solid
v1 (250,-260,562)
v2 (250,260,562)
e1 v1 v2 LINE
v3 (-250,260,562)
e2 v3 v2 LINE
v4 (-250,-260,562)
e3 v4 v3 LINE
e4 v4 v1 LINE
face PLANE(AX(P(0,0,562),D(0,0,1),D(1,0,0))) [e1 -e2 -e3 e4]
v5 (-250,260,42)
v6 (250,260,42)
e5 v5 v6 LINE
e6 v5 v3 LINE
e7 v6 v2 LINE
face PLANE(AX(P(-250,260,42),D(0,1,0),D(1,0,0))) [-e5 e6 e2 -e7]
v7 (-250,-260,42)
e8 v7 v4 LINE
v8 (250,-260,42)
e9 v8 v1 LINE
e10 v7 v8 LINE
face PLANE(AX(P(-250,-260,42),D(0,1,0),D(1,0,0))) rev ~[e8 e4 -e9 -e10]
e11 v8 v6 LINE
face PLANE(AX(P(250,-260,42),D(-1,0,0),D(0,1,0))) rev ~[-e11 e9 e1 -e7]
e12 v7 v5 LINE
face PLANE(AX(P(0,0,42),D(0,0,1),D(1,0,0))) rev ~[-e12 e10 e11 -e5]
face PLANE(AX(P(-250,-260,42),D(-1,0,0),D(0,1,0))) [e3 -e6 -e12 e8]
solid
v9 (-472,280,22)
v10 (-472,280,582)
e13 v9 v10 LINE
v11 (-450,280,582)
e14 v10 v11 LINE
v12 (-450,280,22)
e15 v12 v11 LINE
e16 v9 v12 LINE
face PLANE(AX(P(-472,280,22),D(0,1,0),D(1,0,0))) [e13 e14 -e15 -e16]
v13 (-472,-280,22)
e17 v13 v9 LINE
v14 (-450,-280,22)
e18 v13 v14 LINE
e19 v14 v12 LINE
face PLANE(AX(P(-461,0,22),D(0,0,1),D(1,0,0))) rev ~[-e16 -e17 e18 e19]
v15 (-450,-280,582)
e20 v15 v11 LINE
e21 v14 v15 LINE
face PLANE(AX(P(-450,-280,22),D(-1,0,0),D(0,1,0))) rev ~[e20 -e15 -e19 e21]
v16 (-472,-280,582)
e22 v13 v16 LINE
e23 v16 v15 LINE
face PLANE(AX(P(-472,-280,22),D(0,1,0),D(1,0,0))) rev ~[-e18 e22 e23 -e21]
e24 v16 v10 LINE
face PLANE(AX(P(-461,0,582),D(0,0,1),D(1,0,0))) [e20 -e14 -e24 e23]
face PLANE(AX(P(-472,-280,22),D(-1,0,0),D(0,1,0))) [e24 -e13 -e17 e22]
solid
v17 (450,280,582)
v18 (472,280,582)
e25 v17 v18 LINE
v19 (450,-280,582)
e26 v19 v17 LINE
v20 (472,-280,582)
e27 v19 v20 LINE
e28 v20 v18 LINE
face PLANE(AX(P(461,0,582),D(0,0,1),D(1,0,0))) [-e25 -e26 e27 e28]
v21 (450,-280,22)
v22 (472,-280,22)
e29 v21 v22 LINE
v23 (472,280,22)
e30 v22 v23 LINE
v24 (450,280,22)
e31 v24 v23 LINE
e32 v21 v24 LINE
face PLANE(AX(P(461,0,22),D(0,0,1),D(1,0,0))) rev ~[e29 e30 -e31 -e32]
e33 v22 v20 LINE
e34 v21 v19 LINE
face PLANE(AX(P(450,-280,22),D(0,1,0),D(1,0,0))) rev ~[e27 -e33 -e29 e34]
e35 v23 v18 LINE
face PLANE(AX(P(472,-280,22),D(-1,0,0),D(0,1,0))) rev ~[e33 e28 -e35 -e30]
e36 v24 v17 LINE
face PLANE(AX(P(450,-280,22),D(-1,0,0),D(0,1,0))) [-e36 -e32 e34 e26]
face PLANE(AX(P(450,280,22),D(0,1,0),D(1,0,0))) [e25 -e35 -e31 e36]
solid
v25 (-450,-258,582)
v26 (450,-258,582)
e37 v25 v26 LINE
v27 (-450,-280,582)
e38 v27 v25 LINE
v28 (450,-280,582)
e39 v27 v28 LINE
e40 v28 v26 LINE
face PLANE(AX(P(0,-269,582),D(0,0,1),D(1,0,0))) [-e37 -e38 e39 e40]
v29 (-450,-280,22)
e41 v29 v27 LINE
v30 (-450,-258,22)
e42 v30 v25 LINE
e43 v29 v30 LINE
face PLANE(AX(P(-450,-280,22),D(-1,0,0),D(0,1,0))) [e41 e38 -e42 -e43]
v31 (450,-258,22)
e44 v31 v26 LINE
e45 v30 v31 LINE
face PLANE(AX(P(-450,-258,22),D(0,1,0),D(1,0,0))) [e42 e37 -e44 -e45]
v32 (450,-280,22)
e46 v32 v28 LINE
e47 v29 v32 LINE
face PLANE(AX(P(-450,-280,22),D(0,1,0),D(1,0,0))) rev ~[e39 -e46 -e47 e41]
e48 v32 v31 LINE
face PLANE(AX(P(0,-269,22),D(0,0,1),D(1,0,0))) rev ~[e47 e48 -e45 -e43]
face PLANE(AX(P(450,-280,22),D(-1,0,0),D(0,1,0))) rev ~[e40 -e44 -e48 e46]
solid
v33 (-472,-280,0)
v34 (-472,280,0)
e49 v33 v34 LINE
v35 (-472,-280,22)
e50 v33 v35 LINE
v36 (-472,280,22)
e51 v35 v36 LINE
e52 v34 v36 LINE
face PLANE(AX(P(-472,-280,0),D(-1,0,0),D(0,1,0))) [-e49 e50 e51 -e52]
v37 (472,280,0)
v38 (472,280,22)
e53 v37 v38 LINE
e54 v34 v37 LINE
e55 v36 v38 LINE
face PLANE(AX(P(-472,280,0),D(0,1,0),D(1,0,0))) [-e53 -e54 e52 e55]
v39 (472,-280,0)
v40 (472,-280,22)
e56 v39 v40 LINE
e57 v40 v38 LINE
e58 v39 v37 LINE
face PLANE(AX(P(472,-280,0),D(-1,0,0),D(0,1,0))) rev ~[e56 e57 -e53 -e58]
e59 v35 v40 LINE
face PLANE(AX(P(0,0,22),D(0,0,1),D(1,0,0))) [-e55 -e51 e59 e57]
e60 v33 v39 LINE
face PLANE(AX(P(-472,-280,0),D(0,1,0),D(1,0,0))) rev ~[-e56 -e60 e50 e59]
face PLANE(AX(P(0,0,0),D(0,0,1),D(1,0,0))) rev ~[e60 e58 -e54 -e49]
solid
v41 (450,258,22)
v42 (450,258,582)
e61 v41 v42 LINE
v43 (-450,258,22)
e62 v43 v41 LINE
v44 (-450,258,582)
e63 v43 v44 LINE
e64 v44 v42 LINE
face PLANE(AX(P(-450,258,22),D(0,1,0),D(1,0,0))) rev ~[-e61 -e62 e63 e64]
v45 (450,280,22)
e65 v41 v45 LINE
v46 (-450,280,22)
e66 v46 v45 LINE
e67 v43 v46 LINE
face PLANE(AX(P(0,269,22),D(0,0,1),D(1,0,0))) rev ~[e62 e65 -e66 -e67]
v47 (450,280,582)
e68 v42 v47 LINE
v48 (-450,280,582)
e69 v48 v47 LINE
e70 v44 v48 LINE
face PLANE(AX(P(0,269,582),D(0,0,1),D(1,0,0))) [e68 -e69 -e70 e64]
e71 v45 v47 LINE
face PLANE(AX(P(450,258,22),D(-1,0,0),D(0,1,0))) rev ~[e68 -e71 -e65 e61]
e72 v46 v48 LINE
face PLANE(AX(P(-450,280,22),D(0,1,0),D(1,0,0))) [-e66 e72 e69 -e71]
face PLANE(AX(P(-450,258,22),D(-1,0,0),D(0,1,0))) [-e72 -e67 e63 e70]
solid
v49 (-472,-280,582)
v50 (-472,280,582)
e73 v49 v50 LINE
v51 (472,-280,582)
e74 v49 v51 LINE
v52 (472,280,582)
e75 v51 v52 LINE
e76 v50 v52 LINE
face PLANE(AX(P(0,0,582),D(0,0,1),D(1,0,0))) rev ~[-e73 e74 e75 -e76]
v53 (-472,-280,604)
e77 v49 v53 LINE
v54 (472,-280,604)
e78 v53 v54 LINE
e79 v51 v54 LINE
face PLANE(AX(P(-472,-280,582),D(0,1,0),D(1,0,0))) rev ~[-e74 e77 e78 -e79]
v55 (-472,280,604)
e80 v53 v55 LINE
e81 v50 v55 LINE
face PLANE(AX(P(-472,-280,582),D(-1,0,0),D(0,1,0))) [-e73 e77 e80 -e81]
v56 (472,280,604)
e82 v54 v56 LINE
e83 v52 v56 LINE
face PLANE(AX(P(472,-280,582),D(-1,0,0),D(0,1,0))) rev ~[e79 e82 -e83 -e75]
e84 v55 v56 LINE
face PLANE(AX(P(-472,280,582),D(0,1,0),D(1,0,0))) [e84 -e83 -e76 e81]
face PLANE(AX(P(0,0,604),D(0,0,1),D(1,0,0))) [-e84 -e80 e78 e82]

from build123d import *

# Parameters (mm, degrees)
BOX_W        = 500
BOX_H        = 520
BOX_DEPTH    = 520
BOX001_W     = 944
BOX001_H     = 560
BOX001_DEPTH = 22
BOX002_W     = 944
BOX002_H     = 560
BOX002_DEPTH = 22
BOX003_W     = 22
BOX003_H     = 560
BOX003_DEPTH = 560
BOX004_W     = 22
BOX004_H     = 560
BOX004_DEPTH = 560
BOX005_W     = 900
BOX005_H     = 22
BOX005_DEPTH = 560
BOX006_W     = 900
BOX006_H     = 22
BOX006_DEPTH = 560


with BuildPart() as cube:
    # Box → Box (new body)
    with BuildSketch(Plane(origin=(-250, -260, 42), x_dir=(1, 0, 0), z_dir=(0, 0, 1))):
        with Locations((250, 260)):
            Rectangle(BOX_W, BOX_H)
    extrude(amount=BOX_DEPTH)


with BuildPart() as cube001:
    # Box001 → Box001 (new body)
    with BuildSketch(Plane(origin=(-472, -280, 0), x_dir=(1, 0, 0), z_dir=(0, 0, 1))):
        with Locations((472, 280)):
            Rectangle(BOX001_W, BOX001_H)
    extrude(amount=BOX001_DEPTH)


with BuildPart() as cube002:
    # Box002 → Box002 (new body)
    with BuildSketch(Plane(origin=(-472, -280, 582), x_dir=(1, 0, 0), z_dir=(0, 0, 1))):
        with Locations((472, 280)):
            Rectangle(BOX002_W, BOX002_H)
    extrude(amount=BOX002_DEPTH)


with BuildPart() as cube003:
    # Box003 → Box003 (new body)
    with BuildSketch(Plane(origin=(-472, -280, 22), x_dir=(1, 0, 0), z_dir=(0, 0, 1))):
        with Locations((11, 280)):
            Rectangle(BOX003_W, BOX003_H)
    extrude(amount=BOX003_DEPTH)


with BuildPart() as cube004:
    # Box004 → Box004 (new body)
    with BuildSketch(Plane(origin=(450, -280, 22), x_dir=(1, 0, 0), z_dir=(0, 0, 1))):
        with Locations((11, 280)):
            Rectangle(BOX004_W, BOX004_H)
    extrude(amount=BOX004_DEPTH)


with BuildPart() as cube005:
    # Box005 → Box005 (new body)
    with BuildSketch(Plane(origin=(-450, 258, 22), x_dir=(1, 0, 0), z_dir=(0, 0, 1))):
        with Locations((450, 11)):
            Rectangle(BOX005_W, BOX005_H)
    extrude(amount=BOX005_DEPTH)


with BuildPart() as cube006:
    # Box006 → Box006 (new body)
    with BuildSketch(Plane(origin=(-450, -280, 22), x_dir=(1, 0, 0), z_dir=(0, 0, 1))):
        with Locations((450, 11)):
            Rectangle(BOX006_W, BOX006_H)
    extrude(amount=BOX006_DEPTH)


solid = Compound([cube.part, cube001.part, cube002.part, cube003.part, cube004.part, cube005.part, cube006.part])
